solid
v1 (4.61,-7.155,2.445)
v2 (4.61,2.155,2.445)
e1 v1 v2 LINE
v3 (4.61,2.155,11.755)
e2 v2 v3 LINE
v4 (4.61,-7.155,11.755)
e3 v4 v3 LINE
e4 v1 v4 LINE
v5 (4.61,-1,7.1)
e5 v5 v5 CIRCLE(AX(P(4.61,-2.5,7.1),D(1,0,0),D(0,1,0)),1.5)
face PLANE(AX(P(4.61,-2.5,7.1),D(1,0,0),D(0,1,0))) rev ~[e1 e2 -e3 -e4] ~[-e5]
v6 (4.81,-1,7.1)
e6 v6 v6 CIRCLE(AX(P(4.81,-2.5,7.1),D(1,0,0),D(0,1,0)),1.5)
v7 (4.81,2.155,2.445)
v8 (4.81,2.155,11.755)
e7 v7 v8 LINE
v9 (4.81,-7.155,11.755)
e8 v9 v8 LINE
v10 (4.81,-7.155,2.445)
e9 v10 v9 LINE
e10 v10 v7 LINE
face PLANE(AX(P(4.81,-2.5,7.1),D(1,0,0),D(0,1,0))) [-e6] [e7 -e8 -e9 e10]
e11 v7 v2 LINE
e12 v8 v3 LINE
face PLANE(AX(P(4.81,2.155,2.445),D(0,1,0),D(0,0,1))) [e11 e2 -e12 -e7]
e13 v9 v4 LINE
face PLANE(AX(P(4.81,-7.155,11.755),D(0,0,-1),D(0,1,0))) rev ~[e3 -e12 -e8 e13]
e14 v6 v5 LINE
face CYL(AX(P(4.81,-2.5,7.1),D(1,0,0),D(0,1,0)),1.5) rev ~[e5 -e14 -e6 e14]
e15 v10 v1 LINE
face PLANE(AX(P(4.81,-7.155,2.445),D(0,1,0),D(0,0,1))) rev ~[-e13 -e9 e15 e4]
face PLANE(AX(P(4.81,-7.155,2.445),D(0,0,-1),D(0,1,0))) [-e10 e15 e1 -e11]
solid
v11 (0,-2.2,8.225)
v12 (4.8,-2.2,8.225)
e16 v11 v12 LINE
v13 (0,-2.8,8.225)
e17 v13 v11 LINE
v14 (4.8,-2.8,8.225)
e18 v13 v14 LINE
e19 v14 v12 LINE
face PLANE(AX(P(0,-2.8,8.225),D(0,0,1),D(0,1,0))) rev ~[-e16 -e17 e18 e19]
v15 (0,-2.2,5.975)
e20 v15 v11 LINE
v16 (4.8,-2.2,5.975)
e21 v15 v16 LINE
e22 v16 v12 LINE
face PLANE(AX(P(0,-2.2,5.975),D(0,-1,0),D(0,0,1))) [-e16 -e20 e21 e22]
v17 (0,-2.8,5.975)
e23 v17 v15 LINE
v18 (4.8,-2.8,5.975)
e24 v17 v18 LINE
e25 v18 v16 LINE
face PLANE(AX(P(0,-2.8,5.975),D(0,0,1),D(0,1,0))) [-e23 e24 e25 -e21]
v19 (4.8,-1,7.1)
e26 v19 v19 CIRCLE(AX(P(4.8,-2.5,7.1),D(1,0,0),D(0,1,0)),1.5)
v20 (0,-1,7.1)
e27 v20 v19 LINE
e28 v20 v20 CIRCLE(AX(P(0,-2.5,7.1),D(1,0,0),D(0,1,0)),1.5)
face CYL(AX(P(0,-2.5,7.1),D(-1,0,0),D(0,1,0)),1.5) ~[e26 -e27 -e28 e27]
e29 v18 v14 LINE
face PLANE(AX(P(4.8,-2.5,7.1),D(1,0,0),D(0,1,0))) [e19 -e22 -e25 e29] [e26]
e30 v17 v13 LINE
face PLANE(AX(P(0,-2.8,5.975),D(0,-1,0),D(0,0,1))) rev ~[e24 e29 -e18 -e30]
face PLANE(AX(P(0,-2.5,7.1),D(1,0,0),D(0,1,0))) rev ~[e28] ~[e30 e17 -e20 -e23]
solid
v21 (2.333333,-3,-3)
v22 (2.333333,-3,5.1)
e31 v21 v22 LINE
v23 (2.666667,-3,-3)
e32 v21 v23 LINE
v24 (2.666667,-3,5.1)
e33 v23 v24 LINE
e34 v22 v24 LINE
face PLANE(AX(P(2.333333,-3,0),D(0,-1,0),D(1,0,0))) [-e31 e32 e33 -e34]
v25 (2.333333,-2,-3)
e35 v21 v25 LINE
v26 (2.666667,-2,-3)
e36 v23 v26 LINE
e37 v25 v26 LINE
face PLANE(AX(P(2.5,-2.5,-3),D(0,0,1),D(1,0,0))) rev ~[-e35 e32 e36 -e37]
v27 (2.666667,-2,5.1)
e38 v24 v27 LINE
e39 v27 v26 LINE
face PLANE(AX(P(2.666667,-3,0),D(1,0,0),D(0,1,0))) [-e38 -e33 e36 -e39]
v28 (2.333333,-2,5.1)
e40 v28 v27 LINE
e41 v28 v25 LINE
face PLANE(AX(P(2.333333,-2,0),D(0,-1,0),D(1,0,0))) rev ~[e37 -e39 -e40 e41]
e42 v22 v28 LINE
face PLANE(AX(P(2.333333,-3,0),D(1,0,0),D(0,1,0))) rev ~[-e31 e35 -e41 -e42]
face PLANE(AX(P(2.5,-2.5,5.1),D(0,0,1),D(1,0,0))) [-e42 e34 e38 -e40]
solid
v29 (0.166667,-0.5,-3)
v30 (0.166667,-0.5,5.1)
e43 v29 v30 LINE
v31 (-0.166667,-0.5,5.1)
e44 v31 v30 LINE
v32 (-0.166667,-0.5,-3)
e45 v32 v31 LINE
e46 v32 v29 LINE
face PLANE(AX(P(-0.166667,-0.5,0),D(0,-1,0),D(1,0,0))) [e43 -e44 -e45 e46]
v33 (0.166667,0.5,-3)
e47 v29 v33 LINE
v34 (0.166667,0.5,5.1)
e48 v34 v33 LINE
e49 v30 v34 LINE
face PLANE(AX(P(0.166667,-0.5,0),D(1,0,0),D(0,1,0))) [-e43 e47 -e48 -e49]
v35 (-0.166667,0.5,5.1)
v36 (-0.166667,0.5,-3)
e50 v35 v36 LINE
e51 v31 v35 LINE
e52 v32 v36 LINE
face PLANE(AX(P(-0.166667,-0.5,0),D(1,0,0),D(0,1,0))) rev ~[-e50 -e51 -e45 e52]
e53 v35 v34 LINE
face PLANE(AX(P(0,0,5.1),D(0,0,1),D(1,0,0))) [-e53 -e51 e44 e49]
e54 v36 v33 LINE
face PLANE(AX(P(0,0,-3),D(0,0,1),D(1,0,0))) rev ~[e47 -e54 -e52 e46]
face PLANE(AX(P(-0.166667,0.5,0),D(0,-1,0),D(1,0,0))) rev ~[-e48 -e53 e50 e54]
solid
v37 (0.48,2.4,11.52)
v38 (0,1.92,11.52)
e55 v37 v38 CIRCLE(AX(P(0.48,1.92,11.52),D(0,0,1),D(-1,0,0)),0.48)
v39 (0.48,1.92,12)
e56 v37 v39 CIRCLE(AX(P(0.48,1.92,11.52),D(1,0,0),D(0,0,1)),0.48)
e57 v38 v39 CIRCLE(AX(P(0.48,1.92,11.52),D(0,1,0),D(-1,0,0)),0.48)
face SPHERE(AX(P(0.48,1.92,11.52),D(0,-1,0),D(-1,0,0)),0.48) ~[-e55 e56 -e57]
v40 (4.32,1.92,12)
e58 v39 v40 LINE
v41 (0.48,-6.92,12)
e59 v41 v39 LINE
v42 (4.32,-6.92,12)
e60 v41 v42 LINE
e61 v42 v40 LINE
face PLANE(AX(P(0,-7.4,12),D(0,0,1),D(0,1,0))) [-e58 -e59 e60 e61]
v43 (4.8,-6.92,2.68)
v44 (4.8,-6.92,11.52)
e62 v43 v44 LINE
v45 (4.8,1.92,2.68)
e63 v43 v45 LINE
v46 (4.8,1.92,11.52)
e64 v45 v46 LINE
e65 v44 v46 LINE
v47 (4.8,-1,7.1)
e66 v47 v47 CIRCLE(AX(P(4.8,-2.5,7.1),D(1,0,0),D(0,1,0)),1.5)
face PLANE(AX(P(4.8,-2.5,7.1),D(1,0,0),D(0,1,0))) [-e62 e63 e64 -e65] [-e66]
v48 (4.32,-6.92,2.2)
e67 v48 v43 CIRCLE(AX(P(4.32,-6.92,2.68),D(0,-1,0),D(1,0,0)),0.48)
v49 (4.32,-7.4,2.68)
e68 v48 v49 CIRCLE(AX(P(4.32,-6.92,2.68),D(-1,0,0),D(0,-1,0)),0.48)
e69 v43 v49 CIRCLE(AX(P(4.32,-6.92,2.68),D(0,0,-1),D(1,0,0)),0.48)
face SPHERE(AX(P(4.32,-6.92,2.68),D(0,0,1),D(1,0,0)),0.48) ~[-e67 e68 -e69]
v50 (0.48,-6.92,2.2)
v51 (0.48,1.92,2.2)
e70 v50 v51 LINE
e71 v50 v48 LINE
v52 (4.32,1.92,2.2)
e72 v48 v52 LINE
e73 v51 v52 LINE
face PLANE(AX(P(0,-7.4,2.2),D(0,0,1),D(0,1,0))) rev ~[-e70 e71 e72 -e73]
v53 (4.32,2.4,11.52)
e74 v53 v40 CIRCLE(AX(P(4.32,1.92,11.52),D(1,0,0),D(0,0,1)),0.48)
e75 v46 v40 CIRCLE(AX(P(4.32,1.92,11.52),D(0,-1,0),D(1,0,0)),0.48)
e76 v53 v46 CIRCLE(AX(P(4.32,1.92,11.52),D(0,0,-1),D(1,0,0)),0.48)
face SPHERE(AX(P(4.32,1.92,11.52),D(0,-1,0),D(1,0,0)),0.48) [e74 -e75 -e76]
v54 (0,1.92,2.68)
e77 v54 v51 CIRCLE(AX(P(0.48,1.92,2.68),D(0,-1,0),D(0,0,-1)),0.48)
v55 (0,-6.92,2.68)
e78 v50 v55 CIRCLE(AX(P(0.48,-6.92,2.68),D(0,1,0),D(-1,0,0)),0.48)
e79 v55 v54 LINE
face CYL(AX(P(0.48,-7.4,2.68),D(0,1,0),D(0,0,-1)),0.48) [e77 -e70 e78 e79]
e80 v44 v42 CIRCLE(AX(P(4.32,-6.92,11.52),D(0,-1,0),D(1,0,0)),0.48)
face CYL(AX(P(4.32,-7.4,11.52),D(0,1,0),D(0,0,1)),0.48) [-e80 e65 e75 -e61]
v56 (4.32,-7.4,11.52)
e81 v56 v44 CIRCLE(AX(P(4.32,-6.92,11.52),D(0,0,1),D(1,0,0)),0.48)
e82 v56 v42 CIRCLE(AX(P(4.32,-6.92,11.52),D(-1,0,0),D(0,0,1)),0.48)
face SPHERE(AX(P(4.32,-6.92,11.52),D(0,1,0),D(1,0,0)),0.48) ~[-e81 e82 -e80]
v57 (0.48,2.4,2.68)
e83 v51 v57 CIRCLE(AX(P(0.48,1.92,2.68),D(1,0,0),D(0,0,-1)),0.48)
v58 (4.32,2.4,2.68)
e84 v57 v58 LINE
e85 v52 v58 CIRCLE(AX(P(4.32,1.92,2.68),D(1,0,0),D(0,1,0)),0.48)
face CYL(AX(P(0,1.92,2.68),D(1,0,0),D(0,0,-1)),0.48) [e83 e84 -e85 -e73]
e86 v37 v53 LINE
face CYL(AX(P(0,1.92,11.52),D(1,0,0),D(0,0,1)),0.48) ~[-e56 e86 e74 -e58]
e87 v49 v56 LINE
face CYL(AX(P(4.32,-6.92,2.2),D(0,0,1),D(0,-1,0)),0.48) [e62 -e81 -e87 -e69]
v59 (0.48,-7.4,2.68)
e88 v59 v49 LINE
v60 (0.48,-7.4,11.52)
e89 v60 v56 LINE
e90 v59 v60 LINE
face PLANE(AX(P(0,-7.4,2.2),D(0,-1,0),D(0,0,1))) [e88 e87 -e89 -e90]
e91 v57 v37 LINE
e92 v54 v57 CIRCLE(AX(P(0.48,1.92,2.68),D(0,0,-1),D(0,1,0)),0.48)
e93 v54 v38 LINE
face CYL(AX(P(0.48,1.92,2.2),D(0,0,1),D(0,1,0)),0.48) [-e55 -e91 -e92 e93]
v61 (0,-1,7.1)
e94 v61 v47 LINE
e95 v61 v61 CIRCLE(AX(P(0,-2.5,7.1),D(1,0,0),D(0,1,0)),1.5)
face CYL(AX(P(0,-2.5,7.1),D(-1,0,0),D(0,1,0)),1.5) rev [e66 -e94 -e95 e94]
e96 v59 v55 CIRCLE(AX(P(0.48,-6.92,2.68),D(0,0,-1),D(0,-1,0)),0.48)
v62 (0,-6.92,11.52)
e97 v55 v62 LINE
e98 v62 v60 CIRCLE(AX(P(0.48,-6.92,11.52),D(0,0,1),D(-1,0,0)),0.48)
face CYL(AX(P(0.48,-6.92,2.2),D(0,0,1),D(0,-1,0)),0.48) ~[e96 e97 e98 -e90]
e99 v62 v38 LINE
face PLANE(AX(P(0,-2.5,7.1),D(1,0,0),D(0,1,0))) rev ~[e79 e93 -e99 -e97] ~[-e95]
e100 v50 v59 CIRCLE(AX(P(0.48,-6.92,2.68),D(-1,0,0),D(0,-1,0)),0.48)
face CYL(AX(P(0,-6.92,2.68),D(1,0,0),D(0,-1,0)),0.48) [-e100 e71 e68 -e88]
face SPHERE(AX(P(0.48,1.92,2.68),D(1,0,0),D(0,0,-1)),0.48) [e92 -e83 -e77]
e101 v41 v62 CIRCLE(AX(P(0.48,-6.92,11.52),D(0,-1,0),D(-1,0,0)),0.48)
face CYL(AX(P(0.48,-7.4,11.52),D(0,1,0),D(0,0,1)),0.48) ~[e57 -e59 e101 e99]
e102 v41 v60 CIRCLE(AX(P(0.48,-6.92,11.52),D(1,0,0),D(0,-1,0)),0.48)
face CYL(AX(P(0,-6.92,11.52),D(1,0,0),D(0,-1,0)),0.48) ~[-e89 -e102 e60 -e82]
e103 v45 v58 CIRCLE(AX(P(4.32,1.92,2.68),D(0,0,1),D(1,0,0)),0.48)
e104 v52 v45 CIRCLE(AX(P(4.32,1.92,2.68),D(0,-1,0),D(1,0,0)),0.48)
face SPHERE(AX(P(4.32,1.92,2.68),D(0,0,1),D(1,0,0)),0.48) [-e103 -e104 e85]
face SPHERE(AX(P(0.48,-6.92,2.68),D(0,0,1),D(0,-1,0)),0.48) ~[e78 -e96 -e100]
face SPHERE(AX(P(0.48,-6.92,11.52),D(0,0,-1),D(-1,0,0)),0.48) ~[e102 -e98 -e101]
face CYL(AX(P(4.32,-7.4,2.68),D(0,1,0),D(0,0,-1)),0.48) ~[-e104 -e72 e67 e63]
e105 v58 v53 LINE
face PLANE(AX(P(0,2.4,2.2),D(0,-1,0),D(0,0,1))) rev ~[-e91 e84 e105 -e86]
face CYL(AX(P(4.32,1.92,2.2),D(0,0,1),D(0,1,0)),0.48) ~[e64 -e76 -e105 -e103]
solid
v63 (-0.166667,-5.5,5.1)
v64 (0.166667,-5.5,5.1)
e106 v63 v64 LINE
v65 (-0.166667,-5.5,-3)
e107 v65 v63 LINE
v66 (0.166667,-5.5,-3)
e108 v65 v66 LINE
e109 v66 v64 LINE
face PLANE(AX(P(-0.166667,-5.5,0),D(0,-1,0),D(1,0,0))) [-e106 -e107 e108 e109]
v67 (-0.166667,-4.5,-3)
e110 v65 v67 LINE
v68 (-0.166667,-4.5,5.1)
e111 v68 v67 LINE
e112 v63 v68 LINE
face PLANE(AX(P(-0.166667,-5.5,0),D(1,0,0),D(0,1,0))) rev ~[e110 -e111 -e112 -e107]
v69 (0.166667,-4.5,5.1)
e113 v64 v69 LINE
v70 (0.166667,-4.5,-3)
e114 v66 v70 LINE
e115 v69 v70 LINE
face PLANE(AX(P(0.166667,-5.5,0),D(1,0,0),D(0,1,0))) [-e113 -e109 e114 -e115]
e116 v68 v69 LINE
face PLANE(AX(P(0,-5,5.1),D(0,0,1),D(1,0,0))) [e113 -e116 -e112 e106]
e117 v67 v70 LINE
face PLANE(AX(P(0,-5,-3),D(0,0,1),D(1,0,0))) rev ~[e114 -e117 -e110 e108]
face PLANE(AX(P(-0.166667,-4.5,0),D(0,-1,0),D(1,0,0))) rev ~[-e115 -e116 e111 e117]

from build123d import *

# Parameters (mm, degrees)
SKETCH001_R       = 1.5
SKETCH001_W       = 0.6
SKETCH001_H       = 2.25
PAD001_DEPTH      = 4.8
SKETCH003_W       = 0.333334
SKETCH003_H       = 1
PAD002_DEPTH      = 5.1
PAD002_DEPTH_BACK = 3
SKETCH004_W       = 9.31
SKETCH004_H       = 9.31
SKETCH004_R       = 1.5
PAD003_DEPTH      = 0.2
SKETCH_W          = 9.8
SKETCH_H          = 9.8
SKETCH_R          = 1.5
PAD_DEPTH         = 4.8
FILLET_R          = 0.48


with BuildPart() as pad001:
    # Sketch001 → Pad001 (new body)
    with BuildSketch(Plane.YZ):
        with Locations((-2.5, 7.1)):
            Circle(SKETCH001_R)
        with Locations((-2.5, 7.1)):
            Rectangle(SKETCH001_W, SKETCH001_H, mode=Mode.SUBTRACT)
    extrude(amount=PAD001_DEPTH)


with BuildPart() as pad002:
    # Sketch003 → Pad002 (new body, two sides)
    with BuildSketch(Plane.XY) as pad002_sk:
        Rectangle(SKETCH003_W, SKETCH003_H)
        with Locations((2.5, -2.5)):
            Rectangle(SKETCH003_W, SKETCH003_H)
        with Locations((0, -5)):
            Rectangle(SKETCH003_W, SKETCH003_H)
    extrude(amount=PAD002_DEPTH)
    extrude(pad002_sk.sketch, amount=-PAD002_DEPTH_BACK)


with BuildPart() as pad003:
    # Sketch004 → Pad003 (new body)
    with BuildSketch(Plane.YZ.offset(4.81)):
        with Locations((-2.5, 7.1)):
            Rectangle(SKETCH004_W, SKETCH004_H)
        with Locations((-2.5, 7.1)):
            Circle(SKETCH004_R, mode=Mode.SUBTRACT)
    extrude(amount=-PAD003_DEPTH)


with BuildPart() as fillet_body:
    # Sketch → Pad (new body)
    with BuildSketch(Plane.YZ):
        with Locations((-2.5, 7.1)):
            Rectangle(SKETCH_W, SKETCH_H)
        with Locations((-2.5, 7.1)):
            Circle(SKETCH_R, mode=Mode.SUBTRACT)
    extrude(amount=PAD_DEPTH)

    # Fillet
    fillet_edges = [fillet_body.edges().sort_by_distance(p)[0] for p in [
        (0, -7.4, 7.1),
        (0, -2.5, 12),
        (4.8, -2.5, 12),
        (4.8, -7.4, 7.1),
        (4.8, 2.4, 7.1),
        (4.8, -2.5, 2.2),
        (2.4, -7.4, 12),
        (2.4, -7.4, 2.2),
        (2.4, 2.4, 2.2),
        (0, -2.5, 2.2),
        (0, 2.4, 7.1),
        (2.4, 2.4, 12),
    ]]
    fillet(fillet_edges, radius=FILLET_R)


solid = Compound([pad001.part, pad002.part, pad003.part, fillet_body.part])
